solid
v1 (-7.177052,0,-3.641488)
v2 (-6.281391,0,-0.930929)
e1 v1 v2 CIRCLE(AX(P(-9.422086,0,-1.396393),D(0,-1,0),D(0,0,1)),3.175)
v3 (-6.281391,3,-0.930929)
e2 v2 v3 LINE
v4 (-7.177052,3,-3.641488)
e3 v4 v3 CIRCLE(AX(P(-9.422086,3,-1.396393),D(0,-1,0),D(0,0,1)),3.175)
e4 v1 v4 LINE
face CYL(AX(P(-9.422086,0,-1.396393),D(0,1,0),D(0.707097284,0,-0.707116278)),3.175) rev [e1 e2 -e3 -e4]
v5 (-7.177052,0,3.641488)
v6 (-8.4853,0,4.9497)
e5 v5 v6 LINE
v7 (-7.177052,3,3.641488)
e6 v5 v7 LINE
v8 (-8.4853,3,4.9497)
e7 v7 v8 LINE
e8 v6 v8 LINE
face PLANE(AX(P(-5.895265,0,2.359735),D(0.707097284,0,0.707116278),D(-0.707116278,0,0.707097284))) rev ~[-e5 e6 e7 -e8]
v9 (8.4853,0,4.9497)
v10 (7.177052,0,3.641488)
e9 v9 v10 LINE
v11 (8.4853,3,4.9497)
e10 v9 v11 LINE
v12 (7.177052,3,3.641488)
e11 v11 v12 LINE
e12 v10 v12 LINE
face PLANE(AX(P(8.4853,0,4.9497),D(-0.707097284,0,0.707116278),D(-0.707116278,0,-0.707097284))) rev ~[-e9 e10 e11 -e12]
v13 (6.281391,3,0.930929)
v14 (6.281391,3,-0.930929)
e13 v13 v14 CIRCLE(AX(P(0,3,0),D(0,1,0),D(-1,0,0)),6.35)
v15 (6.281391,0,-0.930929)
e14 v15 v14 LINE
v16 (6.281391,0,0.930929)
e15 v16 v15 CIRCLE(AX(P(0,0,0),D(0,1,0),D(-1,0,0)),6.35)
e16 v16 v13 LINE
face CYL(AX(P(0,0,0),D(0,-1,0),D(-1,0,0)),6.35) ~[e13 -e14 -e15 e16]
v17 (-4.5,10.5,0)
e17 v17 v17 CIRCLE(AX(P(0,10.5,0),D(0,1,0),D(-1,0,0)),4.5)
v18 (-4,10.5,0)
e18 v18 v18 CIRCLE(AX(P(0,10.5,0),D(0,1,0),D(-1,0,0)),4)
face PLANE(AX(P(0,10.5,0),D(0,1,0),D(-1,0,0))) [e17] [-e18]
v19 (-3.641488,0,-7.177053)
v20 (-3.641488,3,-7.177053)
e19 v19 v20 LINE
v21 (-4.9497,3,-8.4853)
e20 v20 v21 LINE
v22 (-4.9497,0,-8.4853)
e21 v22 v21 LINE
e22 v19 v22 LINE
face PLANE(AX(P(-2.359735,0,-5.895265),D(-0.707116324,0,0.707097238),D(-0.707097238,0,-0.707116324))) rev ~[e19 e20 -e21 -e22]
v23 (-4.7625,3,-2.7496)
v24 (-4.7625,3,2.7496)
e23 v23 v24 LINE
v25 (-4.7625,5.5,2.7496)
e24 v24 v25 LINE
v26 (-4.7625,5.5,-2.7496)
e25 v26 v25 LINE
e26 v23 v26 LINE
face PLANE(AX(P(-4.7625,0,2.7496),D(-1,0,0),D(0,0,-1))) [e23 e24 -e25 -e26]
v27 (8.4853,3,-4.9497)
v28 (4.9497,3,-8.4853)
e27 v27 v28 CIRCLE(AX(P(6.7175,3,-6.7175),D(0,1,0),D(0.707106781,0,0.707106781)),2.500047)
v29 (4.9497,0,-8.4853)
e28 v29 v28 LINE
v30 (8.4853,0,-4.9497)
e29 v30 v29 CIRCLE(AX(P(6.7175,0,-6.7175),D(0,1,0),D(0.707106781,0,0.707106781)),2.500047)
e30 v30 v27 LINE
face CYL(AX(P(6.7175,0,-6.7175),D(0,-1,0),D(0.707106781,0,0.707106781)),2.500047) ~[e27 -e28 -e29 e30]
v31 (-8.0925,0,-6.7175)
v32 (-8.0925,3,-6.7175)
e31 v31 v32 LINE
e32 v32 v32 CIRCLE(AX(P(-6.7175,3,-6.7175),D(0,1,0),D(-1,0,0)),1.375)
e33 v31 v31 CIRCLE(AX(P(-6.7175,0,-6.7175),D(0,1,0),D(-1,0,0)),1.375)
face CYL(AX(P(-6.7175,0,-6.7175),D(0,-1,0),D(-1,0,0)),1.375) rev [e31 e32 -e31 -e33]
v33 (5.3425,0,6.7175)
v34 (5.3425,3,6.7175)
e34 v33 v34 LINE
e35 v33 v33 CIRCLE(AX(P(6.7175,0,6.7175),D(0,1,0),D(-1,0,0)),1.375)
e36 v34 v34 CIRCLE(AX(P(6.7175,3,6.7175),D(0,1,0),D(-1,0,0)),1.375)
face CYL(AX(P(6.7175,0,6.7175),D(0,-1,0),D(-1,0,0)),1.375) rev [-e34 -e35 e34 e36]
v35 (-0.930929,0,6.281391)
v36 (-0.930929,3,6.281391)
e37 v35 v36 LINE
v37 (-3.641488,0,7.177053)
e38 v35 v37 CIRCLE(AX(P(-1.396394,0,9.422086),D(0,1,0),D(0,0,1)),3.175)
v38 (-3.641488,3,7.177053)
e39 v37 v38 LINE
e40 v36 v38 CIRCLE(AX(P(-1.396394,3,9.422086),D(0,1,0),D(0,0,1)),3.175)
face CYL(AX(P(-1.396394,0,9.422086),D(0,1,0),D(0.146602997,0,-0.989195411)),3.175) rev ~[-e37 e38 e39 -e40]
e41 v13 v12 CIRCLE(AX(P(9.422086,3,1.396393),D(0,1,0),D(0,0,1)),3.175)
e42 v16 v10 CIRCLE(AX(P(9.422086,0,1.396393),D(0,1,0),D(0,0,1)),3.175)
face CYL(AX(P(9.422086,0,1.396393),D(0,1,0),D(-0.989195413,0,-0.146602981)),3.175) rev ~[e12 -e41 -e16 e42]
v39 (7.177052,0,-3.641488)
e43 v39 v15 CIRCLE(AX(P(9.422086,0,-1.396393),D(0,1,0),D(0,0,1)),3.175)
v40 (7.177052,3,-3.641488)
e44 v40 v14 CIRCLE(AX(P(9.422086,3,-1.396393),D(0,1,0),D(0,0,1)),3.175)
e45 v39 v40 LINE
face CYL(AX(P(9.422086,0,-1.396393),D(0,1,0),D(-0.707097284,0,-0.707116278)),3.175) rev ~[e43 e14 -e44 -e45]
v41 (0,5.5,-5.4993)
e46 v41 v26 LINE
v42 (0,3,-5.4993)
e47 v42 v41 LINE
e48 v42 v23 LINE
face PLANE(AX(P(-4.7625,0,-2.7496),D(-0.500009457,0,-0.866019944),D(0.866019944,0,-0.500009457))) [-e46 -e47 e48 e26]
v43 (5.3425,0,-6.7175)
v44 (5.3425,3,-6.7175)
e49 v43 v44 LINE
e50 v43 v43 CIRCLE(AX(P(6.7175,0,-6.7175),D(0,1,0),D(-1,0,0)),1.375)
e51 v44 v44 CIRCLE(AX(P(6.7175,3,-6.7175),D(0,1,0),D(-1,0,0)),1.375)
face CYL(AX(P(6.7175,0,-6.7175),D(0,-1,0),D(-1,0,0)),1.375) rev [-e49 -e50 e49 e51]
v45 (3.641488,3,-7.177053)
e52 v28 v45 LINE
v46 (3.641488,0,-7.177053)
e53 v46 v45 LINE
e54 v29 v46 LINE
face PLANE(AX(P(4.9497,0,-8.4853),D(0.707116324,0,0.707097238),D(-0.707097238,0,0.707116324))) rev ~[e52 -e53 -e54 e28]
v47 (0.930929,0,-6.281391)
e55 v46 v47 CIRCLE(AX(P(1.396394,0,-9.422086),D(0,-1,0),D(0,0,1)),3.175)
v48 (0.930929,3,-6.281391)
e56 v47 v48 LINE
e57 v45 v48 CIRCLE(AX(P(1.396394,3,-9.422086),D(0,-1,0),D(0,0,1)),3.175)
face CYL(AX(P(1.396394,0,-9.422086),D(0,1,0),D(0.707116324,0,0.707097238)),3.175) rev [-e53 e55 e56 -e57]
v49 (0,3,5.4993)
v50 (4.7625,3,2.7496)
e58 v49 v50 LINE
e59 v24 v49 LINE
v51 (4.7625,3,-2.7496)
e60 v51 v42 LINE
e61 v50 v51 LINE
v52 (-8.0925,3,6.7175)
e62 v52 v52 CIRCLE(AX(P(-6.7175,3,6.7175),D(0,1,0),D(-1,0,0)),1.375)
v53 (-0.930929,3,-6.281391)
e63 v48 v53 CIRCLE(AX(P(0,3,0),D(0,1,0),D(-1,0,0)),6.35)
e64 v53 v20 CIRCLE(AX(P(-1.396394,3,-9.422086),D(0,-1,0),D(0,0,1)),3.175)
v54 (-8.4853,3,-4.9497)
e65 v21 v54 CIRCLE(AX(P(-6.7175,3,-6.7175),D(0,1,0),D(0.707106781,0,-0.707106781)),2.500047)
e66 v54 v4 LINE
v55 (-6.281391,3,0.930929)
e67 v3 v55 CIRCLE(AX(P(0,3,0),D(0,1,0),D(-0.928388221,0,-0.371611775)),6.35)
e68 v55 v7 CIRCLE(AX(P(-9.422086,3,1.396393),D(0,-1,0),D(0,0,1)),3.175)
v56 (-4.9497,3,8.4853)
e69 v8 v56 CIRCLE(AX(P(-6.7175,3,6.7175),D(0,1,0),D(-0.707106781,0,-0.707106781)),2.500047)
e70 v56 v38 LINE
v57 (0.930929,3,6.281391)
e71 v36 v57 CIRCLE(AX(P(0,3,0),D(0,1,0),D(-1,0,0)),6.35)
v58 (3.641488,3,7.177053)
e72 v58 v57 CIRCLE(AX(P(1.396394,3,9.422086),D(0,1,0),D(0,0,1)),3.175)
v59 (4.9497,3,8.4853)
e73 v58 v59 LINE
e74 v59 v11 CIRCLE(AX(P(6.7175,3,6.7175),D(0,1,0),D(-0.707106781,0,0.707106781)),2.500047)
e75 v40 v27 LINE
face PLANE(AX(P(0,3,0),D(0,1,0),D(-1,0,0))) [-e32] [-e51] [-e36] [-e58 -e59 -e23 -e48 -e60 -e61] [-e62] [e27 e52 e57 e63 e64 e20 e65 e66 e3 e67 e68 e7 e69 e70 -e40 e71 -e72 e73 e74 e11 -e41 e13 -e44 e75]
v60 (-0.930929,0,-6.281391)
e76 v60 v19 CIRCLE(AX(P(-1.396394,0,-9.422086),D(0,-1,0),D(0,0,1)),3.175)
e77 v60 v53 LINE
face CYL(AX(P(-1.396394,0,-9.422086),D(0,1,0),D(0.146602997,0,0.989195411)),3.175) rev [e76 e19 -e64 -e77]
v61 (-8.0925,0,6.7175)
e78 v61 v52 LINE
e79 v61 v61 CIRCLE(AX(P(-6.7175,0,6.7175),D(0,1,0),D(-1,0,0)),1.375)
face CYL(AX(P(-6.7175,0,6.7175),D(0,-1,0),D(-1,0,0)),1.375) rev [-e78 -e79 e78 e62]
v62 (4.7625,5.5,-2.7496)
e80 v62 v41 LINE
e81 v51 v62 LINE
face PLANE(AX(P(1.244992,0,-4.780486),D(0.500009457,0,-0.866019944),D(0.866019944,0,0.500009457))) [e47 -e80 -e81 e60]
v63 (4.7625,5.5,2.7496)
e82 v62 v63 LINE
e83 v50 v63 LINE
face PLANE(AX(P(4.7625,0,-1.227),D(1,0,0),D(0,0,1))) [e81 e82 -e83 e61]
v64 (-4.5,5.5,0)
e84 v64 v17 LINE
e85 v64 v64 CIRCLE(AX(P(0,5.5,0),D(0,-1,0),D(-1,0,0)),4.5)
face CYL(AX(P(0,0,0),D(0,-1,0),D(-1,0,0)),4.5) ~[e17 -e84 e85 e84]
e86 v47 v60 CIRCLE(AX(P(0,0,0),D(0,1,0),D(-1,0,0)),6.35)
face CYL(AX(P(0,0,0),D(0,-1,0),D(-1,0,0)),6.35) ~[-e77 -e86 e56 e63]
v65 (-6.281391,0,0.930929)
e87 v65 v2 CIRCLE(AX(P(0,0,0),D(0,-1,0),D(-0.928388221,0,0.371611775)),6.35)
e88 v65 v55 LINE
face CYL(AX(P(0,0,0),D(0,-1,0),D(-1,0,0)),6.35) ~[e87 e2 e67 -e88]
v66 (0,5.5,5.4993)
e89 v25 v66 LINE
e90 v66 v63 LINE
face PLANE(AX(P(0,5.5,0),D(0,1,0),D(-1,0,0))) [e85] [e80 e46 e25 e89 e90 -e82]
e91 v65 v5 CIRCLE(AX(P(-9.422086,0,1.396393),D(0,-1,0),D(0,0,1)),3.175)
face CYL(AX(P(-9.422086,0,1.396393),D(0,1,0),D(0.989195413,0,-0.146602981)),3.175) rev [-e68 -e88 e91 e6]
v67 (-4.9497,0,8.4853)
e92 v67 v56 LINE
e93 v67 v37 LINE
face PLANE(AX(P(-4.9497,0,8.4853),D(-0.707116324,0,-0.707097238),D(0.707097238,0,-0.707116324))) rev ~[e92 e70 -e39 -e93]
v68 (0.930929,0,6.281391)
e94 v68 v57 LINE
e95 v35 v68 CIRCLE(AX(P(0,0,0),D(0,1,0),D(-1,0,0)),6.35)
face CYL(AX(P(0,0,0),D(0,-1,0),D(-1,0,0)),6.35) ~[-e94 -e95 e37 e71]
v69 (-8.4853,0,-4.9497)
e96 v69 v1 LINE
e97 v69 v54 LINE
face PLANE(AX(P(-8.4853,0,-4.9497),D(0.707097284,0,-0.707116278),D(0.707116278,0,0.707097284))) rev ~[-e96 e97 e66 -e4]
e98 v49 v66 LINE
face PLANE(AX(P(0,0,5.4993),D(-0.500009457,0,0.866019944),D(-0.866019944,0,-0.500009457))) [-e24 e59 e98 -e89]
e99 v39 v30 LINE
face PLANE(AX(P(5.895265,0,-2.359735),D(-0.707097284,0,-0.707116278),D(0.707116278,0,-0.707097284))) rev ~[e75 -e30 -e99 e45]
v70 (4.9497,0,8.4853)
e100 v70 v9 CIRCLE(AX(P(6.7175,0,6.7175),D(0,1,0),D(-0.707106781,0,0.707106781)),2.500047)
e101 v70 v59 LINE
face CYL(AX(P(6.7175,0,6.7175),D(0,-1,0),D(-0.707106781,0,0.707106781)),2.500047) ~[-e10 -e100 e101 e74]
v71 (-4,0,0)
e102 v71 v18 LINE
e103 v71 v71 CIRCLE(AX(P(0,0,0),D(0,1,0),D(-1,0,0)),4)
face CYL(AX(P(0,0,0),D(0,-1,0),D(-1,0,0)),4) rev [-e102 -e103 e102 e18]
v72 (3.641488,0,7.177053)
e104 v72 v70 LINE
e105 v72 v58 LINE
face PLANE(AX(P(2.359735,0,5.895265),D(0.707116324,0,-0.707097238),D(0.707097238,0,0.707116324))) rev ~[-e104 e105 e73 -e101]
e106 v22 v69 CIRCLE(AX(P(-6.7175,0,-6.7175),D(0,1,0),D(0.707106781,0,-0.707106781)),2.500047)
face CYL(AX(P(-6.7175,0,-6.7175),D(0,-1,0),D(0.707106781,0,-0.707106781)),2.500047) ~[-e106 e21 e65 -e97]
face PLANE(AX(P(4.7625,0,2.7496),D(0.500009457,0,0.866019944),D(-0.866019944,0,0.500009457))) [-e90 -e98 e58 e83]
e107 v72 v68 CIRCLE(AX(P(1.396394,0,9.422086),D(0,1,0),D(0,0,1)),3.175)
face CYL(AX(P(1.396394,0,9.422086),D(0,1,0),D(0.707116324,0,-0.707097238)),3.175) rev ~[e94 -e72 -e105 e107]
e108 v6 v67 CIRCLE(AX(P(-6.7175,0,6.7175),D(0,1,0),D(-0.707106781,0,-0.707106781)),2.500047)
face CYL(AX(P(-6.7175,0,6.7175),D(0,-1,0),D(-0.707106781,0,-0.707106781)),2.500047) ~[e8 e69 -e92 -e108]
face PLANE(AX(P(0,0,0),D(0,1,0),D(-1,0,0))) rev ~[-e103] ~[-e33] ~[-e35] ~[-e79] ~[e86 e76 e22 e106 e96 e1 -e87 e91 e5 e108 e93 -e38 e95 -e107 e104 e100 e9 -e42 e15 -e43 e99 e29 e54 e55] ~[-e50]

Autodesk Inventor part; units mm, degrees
ref_plane "YZ Plane" through (0, 0, 0) normal (1, 0, 0) x (0, 1, 0)
ref_plane "XZ Plane" through (0, 0, 0) normal (0, 1, 0) x (-1, 0, 0)
ref_plane "XY Plane" through (0, 0, 0) normal (0, 0, 1) x (1, 0, 0)
sketch "Sketch1" plane through (0, 0, 0) normal (0, 1, 0) x (-1, 0, 0)
  circle A0 centre (0, 0) radius 9.5 construction
  circle A1 centre (0, 0) radius 9.5 construction
  line L0 (0, 0) -> (9.5, 0) construction
  line L1 (0, 0) -> (6.7175, -6.7175) construction
  circle A2 centre (6.7175, -6.7175) radius 1.375
  line L2 (0, 0) -> (6.7175, 6.7175) construction
  circle A3 centre (6.7175, 6.7175) radius 1.375
  circle A4 centre (-6.7175, -6.7175) radius 1.375
  circle A5 centre (-6.7175, 6.7175) radius 1.375
  circle A6 centre (0, 0) radius 4
  line L3 (-6.7175, -6.7175) -> (6.7175, 6.7175) construction
  arc A7 (-8.4853, -4.9497) -> (-4.9497, -8.4853) centre (-6.7175, -6.7175) ccw
  arc A8 (8.4853, 4.9497) -> (4.9497, 8.4853) centre (6.7175, 6.7175) ccw
  line L4 (-6.7175, 6.7175) -> (6.7175, -6.7175) construction
  arc A9 (-4.9497, 8.4853) -> (-8.4853, 4.9497) centre (-6.7175, 6.7175) ccw
  arc A10 (4.9497, -8.4853) -> (8.4853, -4.9497) centre (6.7175, -6.7175) ccw
  line L5 (4.7625, -2.7496) -> (0, -5.4993)
  line L6 (0, -5.4993) -> (-4.7625, -2.7496)
  line L7 (-4.7625, -2.7496) -> (-4.7625, 2.7496)
  line L8 (-4.7625, 2.7496) -> (0, 5.4993)
  line L9 (0, 5.4993) -> (4.7625, 2.7496)
  line L10 (4.7625, 2.7496) -> (4.7625, -2.7496)
  line L11 (-4.9497, -8.4853) -> (-1.245, -4.7805)
  line L12 (4.7625, 1.227) -> (8.4853, 4.9497)
  line L13 (4.9497, 8.4853) -> (1.245, 4.7805)
  line L14 (-4.7625, -1.227) -> (-8.4853, -4.9497)
  line L15 (-8.4853, 4.9497) -> (-4.7625, 1.227)
  line L16 (1.245, -4.7805) -> (4.9497, -8.4853)
  line L17 (8.4853, -4.9497) -> (4.7625, -1.227)
  line L18 (-1.245, 4.7805) -> (-4.9497, 8.4853)
  circle A11 centre (0, 0) radius 4.5
  circle A12 centre (0, 0) radius 6.35
  point P0 (4.7625, 0)
  point P1 (-2.3597, -5.8953)
  point P2 (2.3597, -5.8953)
  point P3 (-5.8953, 2.3597)
  point P4 (-5.8953, -2.3597)
  point P5 (2.3597, 5.8953)
  point P6 (-2.3597, 5.8953)
  point P7 (5.8953, 2.3597)
  point P8 (5.8953, -2.3597)
  dimension "d1" = 19
  dimension "d0" = 19
  dimension "d2" = 2.75
  dimension "d3" = 45
  dimension "d4" = 2.75
  dimension "d7" = 360
  dimension "d9" = 8
  dimension "d10" = 5
  dimension "d11" = 5
  dimension "d13" = 9.525
  dimension "d16" = 9
  dimension "d22" = 12.7
extrude "Extrusion1" add sketch "Sketch1" along normal blind 3 contours L14 A12 L11 A7 | A12 L15 L7 L14 | L14 L7 L6 L11 A12 | L11 L6 L5 L16 A12 | L7 L8 L9 L10 L5 L6 | A12 L18 L8 L7 L15 | L15 A9 L18 A12 | A12 L17 A10 L16 | L16 L5 L10 L17 A12 | A12 L13 L9 L8 L18 | L17 L10 L12 A12 | A12 L12 L10 L9 L13 | L13 A8 L12 A12 | A11
extrude "Extrusion2" add sketch "Sketch1" along normal blind 5.5 contours L7 L8 L9 L10 L5 L6 | A11
extrude "Extrusion3" add sketch "Sketch1" along normal blind 10.5 contours A11
fillet "Fillet1" radius 3.175 8 edges at (2.3597, 1.5, -5.8953) (-2.3597, 1.5, -5.8953) (-5.8953, 1.5, 2.3597) (-5.8953, 1.5, -2.3597) (-2.3597, 1.5, 5.8953) (2.3597, 1.5, 5.8953) (5.8953, 1.5, -2.3597) (5.8953, 1.5, 2.3597)
equation "\"d1\" = d0"
equation "\"d2\" = d4"
properties part number "Custom Base" material "Aluminum 6061"
